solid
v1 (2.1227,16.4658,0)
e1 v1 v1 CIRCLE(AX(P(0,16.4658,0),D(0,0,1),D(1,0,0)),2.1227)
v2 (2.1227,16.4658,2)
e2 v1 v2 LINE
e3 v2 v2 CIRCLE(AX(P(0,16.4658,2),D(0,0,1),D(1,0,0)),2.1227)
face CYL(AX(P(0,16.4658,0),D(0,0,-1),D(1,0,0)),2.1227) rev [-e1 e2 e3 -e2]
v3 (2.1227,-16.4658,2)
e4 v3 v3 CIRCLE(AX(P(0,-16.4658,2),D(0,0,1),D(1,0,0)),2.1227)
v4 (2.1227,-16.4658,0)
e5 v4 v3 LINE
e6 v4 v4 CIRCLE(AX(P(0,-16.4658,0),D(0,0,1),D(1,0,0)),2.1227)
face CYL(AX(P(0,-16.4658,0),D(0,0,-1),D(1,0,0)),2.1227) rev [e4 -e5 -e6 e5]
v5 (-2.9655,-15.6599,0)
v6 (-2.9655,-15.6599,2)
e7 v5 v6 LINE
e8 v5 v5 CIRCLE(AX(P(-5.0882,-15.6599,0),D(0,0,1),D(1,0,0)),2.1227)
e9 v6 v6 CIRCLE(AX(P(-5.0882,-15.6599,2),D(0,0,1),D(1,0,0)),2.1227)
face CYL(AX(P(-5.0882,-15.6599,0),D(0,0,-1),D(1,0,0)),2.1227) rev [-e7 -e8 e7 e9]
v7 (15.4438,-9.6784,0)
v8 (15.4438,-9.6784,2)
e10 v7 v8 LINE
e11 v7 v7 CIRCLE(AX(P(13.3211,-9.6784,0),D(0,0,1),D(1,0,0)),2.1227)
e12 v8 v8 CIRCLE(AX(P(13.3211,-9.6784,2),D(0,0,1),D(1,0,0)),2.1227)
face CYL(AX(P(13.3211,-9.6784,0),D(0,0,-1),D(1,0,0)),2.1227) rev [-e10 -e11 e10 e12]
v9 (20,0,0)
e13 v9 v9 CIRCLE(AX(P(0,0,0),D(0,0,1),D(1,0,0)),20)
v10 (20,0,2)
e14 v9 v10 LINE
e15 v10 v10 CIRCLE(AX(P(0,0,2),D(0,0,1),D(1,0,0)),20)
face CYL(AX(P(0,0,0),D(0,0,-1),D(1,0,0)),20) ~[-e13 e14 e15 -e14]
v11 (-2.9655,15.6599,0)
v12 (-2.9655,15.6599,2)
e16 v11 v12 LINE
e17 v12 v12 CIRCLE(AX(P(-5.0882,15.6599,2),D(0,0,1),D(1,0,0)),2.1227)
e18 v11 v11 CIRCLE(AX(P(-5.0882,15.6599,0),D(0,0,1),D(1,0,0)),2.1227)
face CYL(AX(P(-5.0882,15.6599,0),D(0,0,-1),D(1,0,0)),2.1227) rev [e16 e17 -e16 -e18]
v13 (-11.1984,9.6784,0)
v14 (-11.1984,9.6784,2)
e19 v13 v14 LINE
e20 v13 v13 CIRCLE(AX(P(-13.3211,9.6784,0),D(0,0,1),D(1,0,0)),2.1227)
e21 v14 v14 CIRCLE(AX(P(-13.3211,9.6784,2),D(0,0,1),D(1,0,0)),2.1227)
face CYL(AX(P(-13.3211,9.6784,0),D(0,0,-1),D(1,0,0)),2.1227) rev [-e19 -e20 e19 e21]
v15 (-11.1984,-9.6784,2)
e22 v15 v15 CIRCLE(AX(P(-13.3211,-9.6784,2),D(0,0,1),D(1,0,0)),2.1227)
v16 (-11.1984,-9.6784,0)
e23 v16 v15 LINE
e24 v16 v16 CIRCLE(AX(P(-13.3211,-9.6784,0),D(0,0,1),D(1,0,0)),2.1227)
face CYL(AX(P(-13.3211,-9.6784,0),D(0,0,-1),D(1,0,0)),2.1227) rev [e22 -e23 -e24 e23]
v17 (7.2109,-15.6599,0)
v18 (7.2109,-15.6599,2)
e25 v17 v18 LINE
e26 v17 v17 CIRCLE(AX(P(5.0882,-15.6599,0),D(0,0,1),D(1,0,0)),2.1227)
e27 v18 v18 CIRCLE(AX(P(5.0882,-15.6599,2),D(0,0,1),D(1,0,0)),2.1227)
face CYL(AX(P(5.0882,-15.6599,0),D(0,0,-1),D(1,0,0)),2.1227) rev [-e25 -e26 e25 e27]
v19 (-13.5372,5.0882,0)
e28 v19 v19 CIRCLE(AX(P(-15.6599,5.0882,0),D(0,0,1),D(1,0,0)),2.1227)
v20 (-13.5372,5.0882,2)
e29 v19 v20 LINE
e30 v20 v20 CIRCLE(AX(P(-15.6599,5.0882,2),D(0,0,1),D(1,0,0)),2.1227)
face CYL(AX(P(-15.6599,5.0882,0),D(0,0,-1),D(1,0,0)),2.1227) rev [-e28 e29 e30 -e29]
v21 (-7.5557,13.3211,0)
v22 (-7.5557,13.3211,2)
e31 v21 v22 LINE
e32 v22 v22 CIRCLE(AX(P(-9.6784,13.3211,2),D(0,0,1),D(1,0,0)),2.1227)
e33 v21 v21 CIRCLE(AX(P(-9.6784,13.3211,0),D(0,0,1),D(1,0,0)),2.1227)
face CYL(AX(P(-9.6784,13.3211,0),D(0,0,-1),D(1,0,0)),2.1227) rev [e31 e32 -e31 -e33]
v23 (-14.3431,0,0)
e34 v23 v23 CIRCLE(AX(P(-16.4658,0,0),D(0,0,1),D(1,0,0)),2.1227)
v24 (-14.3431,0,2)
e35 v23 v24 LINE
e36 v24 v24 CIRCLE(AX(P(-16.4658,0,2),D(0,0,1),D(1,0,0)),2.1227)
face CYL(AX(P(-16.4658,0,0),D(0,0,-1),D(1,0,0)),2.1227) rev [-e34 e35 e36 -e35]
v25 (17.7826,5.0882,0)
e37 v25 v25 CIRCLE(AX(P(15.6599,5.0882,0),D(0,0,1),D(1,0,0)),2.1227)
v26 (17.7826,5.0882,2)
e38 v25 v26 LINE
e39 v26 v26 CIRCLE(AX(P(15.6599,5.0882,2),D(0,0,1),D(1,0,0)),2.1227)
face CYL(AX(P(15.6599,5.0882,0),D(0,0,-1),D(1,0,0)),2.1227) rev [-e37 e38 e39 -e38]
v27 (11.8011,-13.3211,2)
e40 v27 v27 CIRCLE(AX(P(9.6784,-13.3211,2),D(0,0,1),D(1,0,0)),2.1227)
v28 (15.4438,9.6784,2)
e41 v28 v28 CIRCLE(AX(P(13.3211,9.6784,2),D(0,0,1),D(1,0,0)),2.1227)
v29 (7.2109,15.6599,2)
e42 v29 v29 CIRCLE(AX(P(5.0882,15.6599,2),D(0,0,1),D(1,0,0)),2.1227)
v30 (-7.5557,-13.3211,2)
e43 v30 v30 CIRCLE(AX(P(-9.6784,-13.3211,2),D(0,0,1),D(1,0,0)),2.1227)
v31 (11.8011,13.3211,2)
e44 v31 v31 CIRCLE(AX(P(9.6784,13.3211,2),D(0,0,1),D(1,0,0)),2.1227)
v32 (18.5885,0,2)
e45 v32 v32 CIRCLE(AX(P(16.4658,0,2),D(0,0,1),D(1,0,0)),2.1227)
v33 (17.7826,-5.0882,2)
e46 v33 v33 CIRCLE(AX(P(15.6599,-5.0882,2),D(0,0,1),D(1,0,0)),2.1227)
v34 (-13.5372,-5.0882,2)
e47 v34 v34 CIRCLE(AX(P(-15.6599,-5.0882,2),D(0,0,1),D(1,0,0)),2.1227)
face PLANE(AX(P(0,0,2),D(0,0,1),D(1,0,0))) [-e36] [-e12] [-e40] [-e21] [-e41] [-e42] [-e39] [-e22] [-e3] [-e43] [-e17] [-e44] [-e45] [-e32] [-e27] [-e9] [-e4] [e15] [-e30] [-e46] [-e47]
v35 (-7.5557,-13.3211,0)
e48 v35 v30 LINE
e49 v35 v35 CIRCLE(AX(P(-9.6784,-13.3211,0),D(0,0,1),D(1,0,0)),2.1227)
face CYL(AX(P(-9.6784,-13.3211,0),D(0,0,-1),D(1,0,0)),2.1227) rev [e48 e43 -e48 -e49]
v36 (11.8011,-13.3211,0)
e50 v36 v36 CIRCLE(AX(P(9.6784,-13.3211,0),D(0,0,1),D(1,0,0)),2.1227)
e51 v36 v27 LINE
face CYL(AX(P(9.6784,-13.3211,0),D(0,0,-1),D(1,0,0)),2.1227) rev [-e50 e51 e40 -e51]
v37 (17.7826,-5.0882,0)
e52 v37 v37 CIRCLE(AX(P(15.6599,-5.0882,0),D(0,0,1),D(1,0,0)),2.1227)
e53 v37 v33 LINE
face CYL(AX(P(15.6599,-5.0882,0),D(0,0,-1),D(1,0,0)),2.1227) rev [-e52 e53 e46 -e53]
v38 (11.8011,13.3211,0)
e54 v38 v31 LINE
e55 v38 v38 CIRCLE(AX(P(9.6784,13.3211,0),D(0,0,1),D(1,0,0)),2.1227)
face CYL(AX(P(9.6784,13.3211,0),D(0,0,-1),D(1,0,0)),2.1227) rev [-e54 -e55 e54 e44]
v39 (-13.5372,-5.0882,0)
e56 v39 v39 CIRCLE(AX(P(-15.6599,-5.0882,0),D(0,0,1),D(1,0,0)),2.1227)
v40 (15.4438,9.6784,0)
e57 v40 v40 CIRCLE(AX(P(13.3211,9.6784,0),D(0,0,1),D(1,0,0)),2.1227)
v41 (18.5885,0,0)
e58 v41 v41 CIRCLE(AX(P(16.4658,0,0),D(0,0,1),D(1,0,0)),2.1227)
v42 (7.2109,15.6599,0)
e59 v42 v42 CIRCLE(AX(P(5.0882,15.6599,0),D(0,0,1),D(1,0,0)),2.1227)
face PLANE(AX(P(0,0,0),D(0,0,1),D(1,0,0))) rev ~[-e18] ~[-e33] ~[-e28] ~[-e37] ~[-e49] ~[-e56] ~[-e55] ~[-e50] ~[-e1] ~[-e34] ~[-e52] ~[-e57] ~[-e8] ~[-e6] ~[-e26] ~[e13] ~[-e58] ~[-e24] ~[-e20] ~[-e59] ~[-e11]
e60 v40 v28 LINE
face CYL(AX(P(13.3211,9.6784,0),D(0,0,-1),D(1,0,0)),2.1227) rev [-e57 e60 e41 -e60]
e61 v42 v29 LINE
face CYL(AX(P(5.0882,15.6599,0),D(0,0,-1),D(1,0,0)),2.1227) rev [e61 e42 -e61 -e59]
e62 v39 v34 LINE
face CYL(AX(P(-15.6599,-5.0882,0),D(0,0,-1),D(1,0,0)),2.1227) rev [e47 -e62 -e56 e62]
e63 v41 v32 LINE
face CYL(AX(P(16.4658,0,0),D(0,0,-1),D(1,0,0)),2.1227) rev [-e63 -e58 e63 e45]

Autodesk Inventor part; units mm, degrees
ref_plane "YZ Plane" through (0, 0, 0) normal (1, 0, 0) x (0, 1, 0)
ref_plane "XZ Plane" through (0, 0, 0) normal (0, 1, 0) x (-1, 0, 0)
ref_plane "XY Plane" through (0, 0, 0) normal (0, 0, 1) x (1, 0, 0)
sketch "Skizze1" plane through (0, 0, 0) normal (0, 0, 1) x (1, 0, 0)
  circle A0 centre (0, 0) radius 20
  circle A1 centre (0, 16.4658) radius 2.1227
  circle A2 centre (-5.0882, 15.6599) radius 2.1227
  circle A3 centre (-9.6784, 13.3211) radius 2.1227
  circle A4 centre (-13.3211, 9.6784) radius 2.1227
  circle A5 centre (-15.6599, 5.0882) radius 2.1227
  circle A6 centre (-16.4658, 0) radius 2.1227
  circle A7 centre (-15.6599, -5.0882) radius 2.1227
  circle A8 centre (-13.3211, -9.6784) radius 2.1227
  circle A9 centre (-9.6784, -13.3211) radius 2.1227
  circle A10 centre (-5.0882, -15.6599) radius 2.1227
  circle A11 centre (0, -16.4658) radius 2.1227
  circle A12 centre (5.0882, -15.6599) radius 2.1227
  circle A13 centre (9.6784, -13.3211) radius 2.1227
  circle A14 centre (13.3211, -9.6784) radius 2.1227
  circle A15 centre (15.6599, -5.0882) radius 2.1227
  circle A16 centre (16.4658, 0) radius 2.1227
  circle A17 centre (15.6599, 5.0882) radius 2.1227
  circle A18 centre (13.3211, 9.6784) radius 2.1227
  circle A19 centre (9.6784, 13.3211) radius 2.1227
  circle A20 centre (5.0882, 15.6599) radius 2.1227
  dimension "d0" = 40
  dimension "d3" = 360
extrude "Extrusion1" add sketch "Skizze1" along normal blind 2
properties part number "EncoderWheel"
